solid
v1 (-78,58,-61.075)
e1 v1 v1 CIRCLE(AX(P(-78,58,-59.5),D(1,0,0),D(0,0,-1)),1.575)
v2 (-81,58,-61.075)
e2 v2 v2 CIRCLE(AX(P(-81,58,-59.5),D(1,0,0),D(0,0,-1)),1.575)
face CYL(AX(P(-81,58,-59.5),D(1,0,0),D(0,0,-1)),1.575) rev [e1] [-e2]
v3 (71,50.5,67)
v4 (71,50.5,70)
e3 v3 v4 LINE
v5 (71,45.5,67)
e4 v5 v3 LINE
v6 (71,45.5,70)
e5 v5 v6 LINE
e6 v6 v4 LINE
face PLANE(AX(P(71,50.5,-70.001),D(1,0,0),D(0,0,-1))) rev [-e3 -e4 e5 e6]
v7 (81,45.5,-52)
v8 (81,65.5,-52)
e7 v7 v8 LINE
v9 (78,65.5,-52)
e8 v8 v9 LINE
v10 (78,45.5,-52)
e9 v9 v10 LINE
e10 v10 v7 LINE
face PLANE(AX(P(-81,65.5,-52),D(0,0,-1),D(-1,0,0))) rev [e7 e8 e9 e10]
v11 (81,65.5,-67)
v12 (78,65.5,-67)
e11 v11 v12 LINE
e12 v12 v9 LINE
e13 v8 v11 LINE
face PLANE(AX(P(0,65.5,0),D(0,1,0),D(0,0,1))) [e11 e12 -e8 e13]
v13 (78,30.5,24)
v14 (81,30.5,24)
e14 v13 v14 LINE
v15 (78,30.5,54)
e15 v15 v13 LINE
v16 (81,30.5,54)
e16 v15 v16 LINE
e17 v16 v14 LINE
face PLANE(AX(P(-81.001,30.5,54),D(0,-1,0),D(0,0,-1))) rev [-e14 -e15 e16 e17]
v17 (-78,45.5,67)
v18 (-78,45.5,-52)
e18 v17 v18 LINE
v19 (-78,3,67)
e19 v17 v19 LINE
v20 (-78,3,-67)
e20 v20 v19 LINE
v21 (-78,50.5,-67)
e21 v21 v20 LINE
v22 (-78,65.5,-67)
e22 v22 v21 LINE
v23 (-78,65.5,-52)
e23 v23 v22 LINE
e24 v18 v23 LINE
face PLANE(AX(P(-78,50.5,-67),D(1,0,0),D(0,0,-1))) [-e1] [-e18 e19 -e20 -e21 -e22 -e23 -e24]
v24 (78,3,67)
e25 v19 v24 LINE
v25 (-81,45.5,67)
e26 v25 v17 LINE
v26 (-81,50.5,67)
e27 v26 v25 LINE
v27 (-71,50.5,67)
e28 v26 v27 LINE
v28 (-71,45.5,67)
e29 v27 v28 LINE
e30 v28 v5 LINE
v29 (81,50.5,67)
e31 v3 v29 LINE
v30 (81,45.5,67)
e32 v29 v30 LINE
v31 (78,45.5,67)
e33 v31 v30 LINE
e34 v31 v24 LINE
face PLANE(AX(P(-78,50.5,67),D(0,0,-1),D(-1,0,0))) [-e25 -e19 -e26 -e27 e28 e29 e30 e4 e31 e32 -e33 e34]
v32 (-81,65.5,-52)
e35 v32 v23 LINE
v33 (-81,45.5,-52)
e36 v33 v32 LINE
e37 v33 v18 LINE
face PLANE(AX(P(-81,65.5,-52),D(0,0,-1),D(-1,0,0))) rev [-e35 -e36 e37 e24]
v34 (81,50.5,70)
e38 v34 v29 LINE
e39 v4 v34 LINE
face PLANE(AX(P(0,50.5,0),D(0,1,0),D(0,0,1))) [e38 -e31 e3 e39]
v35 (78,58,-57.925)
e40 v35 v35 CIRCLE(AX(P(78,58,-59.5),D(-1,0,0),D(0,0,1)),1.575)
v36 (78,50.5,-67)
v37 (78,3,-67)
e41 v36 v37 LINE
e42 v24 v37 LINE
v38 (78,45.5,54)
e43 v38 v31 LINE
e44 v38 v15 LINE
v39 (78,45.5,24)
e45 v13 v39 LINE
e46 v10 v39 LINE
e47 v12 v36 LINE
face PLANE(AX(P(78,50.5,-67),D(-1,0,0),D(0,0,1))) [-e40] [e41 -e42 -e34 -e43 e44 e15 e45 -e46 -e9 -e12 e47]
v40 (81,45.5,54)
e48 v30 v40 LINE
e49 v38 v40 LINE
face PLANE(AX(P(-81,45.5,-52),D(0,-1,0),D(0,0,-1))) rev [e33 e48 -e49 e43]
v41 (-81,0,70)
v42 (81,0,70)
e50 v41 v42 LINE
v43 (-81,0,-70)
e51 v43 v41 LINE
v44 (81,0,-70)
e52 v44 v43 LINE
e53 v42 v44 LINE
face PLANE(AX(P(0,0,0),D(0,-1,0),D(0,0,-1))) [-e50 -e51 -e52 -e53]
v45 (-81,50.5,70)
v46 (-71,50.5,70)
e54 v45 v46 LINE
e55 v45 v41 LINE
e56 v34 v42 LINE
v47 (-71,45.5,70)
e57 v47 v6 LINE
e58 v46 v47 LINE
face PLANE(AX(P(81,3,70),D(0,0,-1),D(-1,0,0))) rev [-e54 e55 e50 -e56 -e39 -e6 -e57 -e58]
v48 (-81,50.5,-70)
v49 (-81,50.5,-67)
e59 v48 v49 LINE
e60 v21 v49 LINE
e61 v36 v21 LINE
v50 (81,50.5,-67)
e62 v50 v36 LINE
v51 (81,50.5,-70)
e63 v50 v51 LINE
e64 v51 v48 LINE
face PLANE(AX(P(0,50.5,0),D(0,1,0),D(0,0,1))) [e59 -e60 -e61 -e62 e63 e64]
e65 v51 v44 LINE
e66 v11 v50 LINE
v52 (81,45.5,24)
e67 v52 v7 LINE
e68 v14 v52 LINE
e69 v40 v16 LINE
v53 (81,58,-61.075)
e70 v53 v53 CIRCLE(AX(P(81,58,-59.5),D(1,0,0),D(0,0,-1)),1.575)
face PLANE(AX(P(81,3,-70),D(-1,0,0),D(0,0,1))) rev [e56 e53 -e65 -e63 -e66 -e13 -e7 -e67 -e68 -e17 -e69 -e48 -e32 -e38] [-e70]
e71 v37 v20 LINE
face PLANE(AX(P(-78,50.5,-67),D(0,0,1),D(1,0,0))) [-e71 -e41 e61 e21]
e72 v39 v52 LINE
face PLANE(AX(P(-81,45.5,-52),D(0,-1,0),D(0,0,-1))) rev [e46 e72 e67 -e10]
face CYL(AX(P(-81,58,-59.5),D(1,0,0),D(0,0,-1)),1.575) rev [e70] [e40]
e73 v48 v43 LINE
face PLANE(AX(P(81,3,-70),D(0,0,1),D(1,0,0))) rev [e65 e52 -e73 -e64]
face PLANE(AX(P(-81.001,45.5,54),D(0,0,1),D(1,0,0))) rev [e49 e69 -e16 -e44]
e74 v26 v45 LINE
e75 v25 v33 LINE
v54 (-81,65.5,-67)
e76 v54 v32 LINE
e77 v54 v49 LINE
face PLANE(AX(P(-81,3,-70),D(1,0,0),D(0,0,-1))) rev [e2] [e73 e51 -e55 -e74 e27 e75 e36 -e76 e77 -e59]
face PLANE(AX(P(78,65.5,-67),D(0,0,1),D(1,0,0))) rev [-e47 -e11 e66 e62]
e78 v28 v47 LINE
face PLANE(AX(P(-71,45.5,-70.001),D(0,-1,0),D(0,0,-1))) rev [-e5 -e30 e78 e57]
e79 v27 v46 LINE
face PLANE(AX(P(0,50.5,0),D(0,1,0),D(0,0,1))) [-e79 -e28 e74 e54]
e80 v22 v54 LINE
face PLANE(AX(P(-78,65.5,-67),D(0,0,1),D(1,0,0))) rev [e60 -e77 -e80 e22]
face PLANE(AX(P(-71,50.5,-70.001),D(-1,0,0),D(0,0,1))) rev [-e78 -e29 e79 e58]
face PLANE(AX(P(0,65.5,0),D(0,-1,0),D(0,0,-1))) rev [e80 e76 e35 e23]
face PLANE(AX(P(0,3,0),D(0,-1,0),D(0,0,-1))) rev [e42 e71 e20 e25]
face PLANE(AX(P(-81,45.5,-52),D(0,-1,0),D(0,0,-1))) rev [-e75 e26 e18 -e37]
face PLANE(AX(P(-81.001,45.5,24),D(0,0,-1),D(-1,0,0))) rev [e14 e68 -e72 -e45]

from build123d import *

# Parameters (mm, degrees)
SKETCH1_W           = 162
SKETCH1_H           = 140
BOSS_EXTRUDE2_DEPTH = 3
SKETCH2_W           = 162
SKETCH2_H           = 140
SKETCH2_W_2         = 156
SKETCH2_H_2         = 134
BOSS_EXTRUDE3_DEPTH = 47.5
SKETCH4_W           = 3
SKETCH4_H           = 134
BOSS_EXTRUDE4_DEPTH = 15
SKETCH5_R           = 1.575
SKETCH5_W           = 119
SKETCH5_H           = 20
CUT_EXTRUDE3_DEPTH  = 189.239873566
CUT_EXTRUDE4_REACH  = 176.503
SKETCH9_W           = 142
SKETCH9_H           = 5
CUT_EXTRUDE5_REACH  = 190.24
SKETCH10_W          = 30
SKETCH10_H          = 15


with BuildPart() as part:
    # Sketch1 → Boss-Extrude2 (new body)
    with BuildSketch(Plane(origin=(0, 0, 0), x_dir=(1, 0, 0), z_dir=(0, 1, 0))):
        Rectangle(SKETCH1_W, SKETCH1_H)
    extrude(amount=BOSS_EXTRUDE2_DEPTH)

    # Sketch2 → Boss-Extrude3 (add)
    with BuildSketch(Plane(origin=(0, 3, 0), x_dir=(1, 0, 0), z_dir=(0, 1, 0))):
        Rectangle(SKETCH2_W, SKETCH2_H)
        Rectangle(SKETCH2_W_2, SKETCH2_H_2, mode=Mode.SUBTRACT)
    extrude(amount=BOSS_EXTRUDE3_DEPTH)

    # Sketch4 → Boss-Extrude4 (add)
    with BuildSketch(Plane(origin=(0, 50.5, 0), x_dir=(1, 0, 0), z_dir=(0, 1, 0))):
        with Locations((-79.5, 0)):
            Rectangle(SKETCH4_W, SKETCH4_H)
        with Locations((79.5, 0)):
            Rectangle(SKETCH4_W, SKETCH4_H)
    extrude(amount=BOSS_EXTRUDE4_DEPTH)

    # Sketch5 → Cut-Extrude3 (cut, through all)
    with BuildSketch(Plane(origin=(81, 0, 0), x_dir=(0, 0, -1), z_dir=(1, 0, 0))):
        with Locations((59.5, 58)):
            Circle(SKETCH5_R)
        with Locations((-7.5, 55.5)):
            Rectangle(SKETCH5_W, SKETCH5_H)
    extrude(amount=-CUT_EXTRUDE3_DEPTH, mode=Mode.SUBTRACT)

    # Sketch9 → Cut-Extrude4 (cut, up to next)
    with BuildSketch(Plane.XY.offset(70), mode=Mode.PRIVATE) as cut_extrude4_sk1:
        with Locations((0, 48)):
            Rectangle(SKETCH9_W, SKETCH9_H)
    cut_extrude4_tool1 = extrude(cut_extrude4_sk1.sketch, amount=-CUT_EXTRUDE4_REACH, mode=Mode.PRIVATE) & part.part
    add(cut_extrude4_tool1.solids().sort_by_distance((0, 48, 70))[0], mode=Mode.SUBTRACT)

    # Sketch10 → Cut-Extrude5 (cut, up to next)
    with BuildSketch(Plane(origin=(81, 0, 0), x_dir=(0, 0, -1), z_dir=(1, 0, 0)), mode=Mode.PRIVATE) as cut_extrude5_sk1:
        with Locations((-39, 38)):
            Rectangle(SKETCH10_W, SKETCH10_H)
    cut_extrude5_tool1 = extrude(cut_extrude5_sk1.sketch, amount=-CUT_EXTRUDE5_REACH, mode=Mode.PRIVATE) & part.part
    add(cut_extrude5_tool1.solids().sort_by_distance((81, 38, 39))[0], mode=Mode.SUBTRACT)


solid = part.part
